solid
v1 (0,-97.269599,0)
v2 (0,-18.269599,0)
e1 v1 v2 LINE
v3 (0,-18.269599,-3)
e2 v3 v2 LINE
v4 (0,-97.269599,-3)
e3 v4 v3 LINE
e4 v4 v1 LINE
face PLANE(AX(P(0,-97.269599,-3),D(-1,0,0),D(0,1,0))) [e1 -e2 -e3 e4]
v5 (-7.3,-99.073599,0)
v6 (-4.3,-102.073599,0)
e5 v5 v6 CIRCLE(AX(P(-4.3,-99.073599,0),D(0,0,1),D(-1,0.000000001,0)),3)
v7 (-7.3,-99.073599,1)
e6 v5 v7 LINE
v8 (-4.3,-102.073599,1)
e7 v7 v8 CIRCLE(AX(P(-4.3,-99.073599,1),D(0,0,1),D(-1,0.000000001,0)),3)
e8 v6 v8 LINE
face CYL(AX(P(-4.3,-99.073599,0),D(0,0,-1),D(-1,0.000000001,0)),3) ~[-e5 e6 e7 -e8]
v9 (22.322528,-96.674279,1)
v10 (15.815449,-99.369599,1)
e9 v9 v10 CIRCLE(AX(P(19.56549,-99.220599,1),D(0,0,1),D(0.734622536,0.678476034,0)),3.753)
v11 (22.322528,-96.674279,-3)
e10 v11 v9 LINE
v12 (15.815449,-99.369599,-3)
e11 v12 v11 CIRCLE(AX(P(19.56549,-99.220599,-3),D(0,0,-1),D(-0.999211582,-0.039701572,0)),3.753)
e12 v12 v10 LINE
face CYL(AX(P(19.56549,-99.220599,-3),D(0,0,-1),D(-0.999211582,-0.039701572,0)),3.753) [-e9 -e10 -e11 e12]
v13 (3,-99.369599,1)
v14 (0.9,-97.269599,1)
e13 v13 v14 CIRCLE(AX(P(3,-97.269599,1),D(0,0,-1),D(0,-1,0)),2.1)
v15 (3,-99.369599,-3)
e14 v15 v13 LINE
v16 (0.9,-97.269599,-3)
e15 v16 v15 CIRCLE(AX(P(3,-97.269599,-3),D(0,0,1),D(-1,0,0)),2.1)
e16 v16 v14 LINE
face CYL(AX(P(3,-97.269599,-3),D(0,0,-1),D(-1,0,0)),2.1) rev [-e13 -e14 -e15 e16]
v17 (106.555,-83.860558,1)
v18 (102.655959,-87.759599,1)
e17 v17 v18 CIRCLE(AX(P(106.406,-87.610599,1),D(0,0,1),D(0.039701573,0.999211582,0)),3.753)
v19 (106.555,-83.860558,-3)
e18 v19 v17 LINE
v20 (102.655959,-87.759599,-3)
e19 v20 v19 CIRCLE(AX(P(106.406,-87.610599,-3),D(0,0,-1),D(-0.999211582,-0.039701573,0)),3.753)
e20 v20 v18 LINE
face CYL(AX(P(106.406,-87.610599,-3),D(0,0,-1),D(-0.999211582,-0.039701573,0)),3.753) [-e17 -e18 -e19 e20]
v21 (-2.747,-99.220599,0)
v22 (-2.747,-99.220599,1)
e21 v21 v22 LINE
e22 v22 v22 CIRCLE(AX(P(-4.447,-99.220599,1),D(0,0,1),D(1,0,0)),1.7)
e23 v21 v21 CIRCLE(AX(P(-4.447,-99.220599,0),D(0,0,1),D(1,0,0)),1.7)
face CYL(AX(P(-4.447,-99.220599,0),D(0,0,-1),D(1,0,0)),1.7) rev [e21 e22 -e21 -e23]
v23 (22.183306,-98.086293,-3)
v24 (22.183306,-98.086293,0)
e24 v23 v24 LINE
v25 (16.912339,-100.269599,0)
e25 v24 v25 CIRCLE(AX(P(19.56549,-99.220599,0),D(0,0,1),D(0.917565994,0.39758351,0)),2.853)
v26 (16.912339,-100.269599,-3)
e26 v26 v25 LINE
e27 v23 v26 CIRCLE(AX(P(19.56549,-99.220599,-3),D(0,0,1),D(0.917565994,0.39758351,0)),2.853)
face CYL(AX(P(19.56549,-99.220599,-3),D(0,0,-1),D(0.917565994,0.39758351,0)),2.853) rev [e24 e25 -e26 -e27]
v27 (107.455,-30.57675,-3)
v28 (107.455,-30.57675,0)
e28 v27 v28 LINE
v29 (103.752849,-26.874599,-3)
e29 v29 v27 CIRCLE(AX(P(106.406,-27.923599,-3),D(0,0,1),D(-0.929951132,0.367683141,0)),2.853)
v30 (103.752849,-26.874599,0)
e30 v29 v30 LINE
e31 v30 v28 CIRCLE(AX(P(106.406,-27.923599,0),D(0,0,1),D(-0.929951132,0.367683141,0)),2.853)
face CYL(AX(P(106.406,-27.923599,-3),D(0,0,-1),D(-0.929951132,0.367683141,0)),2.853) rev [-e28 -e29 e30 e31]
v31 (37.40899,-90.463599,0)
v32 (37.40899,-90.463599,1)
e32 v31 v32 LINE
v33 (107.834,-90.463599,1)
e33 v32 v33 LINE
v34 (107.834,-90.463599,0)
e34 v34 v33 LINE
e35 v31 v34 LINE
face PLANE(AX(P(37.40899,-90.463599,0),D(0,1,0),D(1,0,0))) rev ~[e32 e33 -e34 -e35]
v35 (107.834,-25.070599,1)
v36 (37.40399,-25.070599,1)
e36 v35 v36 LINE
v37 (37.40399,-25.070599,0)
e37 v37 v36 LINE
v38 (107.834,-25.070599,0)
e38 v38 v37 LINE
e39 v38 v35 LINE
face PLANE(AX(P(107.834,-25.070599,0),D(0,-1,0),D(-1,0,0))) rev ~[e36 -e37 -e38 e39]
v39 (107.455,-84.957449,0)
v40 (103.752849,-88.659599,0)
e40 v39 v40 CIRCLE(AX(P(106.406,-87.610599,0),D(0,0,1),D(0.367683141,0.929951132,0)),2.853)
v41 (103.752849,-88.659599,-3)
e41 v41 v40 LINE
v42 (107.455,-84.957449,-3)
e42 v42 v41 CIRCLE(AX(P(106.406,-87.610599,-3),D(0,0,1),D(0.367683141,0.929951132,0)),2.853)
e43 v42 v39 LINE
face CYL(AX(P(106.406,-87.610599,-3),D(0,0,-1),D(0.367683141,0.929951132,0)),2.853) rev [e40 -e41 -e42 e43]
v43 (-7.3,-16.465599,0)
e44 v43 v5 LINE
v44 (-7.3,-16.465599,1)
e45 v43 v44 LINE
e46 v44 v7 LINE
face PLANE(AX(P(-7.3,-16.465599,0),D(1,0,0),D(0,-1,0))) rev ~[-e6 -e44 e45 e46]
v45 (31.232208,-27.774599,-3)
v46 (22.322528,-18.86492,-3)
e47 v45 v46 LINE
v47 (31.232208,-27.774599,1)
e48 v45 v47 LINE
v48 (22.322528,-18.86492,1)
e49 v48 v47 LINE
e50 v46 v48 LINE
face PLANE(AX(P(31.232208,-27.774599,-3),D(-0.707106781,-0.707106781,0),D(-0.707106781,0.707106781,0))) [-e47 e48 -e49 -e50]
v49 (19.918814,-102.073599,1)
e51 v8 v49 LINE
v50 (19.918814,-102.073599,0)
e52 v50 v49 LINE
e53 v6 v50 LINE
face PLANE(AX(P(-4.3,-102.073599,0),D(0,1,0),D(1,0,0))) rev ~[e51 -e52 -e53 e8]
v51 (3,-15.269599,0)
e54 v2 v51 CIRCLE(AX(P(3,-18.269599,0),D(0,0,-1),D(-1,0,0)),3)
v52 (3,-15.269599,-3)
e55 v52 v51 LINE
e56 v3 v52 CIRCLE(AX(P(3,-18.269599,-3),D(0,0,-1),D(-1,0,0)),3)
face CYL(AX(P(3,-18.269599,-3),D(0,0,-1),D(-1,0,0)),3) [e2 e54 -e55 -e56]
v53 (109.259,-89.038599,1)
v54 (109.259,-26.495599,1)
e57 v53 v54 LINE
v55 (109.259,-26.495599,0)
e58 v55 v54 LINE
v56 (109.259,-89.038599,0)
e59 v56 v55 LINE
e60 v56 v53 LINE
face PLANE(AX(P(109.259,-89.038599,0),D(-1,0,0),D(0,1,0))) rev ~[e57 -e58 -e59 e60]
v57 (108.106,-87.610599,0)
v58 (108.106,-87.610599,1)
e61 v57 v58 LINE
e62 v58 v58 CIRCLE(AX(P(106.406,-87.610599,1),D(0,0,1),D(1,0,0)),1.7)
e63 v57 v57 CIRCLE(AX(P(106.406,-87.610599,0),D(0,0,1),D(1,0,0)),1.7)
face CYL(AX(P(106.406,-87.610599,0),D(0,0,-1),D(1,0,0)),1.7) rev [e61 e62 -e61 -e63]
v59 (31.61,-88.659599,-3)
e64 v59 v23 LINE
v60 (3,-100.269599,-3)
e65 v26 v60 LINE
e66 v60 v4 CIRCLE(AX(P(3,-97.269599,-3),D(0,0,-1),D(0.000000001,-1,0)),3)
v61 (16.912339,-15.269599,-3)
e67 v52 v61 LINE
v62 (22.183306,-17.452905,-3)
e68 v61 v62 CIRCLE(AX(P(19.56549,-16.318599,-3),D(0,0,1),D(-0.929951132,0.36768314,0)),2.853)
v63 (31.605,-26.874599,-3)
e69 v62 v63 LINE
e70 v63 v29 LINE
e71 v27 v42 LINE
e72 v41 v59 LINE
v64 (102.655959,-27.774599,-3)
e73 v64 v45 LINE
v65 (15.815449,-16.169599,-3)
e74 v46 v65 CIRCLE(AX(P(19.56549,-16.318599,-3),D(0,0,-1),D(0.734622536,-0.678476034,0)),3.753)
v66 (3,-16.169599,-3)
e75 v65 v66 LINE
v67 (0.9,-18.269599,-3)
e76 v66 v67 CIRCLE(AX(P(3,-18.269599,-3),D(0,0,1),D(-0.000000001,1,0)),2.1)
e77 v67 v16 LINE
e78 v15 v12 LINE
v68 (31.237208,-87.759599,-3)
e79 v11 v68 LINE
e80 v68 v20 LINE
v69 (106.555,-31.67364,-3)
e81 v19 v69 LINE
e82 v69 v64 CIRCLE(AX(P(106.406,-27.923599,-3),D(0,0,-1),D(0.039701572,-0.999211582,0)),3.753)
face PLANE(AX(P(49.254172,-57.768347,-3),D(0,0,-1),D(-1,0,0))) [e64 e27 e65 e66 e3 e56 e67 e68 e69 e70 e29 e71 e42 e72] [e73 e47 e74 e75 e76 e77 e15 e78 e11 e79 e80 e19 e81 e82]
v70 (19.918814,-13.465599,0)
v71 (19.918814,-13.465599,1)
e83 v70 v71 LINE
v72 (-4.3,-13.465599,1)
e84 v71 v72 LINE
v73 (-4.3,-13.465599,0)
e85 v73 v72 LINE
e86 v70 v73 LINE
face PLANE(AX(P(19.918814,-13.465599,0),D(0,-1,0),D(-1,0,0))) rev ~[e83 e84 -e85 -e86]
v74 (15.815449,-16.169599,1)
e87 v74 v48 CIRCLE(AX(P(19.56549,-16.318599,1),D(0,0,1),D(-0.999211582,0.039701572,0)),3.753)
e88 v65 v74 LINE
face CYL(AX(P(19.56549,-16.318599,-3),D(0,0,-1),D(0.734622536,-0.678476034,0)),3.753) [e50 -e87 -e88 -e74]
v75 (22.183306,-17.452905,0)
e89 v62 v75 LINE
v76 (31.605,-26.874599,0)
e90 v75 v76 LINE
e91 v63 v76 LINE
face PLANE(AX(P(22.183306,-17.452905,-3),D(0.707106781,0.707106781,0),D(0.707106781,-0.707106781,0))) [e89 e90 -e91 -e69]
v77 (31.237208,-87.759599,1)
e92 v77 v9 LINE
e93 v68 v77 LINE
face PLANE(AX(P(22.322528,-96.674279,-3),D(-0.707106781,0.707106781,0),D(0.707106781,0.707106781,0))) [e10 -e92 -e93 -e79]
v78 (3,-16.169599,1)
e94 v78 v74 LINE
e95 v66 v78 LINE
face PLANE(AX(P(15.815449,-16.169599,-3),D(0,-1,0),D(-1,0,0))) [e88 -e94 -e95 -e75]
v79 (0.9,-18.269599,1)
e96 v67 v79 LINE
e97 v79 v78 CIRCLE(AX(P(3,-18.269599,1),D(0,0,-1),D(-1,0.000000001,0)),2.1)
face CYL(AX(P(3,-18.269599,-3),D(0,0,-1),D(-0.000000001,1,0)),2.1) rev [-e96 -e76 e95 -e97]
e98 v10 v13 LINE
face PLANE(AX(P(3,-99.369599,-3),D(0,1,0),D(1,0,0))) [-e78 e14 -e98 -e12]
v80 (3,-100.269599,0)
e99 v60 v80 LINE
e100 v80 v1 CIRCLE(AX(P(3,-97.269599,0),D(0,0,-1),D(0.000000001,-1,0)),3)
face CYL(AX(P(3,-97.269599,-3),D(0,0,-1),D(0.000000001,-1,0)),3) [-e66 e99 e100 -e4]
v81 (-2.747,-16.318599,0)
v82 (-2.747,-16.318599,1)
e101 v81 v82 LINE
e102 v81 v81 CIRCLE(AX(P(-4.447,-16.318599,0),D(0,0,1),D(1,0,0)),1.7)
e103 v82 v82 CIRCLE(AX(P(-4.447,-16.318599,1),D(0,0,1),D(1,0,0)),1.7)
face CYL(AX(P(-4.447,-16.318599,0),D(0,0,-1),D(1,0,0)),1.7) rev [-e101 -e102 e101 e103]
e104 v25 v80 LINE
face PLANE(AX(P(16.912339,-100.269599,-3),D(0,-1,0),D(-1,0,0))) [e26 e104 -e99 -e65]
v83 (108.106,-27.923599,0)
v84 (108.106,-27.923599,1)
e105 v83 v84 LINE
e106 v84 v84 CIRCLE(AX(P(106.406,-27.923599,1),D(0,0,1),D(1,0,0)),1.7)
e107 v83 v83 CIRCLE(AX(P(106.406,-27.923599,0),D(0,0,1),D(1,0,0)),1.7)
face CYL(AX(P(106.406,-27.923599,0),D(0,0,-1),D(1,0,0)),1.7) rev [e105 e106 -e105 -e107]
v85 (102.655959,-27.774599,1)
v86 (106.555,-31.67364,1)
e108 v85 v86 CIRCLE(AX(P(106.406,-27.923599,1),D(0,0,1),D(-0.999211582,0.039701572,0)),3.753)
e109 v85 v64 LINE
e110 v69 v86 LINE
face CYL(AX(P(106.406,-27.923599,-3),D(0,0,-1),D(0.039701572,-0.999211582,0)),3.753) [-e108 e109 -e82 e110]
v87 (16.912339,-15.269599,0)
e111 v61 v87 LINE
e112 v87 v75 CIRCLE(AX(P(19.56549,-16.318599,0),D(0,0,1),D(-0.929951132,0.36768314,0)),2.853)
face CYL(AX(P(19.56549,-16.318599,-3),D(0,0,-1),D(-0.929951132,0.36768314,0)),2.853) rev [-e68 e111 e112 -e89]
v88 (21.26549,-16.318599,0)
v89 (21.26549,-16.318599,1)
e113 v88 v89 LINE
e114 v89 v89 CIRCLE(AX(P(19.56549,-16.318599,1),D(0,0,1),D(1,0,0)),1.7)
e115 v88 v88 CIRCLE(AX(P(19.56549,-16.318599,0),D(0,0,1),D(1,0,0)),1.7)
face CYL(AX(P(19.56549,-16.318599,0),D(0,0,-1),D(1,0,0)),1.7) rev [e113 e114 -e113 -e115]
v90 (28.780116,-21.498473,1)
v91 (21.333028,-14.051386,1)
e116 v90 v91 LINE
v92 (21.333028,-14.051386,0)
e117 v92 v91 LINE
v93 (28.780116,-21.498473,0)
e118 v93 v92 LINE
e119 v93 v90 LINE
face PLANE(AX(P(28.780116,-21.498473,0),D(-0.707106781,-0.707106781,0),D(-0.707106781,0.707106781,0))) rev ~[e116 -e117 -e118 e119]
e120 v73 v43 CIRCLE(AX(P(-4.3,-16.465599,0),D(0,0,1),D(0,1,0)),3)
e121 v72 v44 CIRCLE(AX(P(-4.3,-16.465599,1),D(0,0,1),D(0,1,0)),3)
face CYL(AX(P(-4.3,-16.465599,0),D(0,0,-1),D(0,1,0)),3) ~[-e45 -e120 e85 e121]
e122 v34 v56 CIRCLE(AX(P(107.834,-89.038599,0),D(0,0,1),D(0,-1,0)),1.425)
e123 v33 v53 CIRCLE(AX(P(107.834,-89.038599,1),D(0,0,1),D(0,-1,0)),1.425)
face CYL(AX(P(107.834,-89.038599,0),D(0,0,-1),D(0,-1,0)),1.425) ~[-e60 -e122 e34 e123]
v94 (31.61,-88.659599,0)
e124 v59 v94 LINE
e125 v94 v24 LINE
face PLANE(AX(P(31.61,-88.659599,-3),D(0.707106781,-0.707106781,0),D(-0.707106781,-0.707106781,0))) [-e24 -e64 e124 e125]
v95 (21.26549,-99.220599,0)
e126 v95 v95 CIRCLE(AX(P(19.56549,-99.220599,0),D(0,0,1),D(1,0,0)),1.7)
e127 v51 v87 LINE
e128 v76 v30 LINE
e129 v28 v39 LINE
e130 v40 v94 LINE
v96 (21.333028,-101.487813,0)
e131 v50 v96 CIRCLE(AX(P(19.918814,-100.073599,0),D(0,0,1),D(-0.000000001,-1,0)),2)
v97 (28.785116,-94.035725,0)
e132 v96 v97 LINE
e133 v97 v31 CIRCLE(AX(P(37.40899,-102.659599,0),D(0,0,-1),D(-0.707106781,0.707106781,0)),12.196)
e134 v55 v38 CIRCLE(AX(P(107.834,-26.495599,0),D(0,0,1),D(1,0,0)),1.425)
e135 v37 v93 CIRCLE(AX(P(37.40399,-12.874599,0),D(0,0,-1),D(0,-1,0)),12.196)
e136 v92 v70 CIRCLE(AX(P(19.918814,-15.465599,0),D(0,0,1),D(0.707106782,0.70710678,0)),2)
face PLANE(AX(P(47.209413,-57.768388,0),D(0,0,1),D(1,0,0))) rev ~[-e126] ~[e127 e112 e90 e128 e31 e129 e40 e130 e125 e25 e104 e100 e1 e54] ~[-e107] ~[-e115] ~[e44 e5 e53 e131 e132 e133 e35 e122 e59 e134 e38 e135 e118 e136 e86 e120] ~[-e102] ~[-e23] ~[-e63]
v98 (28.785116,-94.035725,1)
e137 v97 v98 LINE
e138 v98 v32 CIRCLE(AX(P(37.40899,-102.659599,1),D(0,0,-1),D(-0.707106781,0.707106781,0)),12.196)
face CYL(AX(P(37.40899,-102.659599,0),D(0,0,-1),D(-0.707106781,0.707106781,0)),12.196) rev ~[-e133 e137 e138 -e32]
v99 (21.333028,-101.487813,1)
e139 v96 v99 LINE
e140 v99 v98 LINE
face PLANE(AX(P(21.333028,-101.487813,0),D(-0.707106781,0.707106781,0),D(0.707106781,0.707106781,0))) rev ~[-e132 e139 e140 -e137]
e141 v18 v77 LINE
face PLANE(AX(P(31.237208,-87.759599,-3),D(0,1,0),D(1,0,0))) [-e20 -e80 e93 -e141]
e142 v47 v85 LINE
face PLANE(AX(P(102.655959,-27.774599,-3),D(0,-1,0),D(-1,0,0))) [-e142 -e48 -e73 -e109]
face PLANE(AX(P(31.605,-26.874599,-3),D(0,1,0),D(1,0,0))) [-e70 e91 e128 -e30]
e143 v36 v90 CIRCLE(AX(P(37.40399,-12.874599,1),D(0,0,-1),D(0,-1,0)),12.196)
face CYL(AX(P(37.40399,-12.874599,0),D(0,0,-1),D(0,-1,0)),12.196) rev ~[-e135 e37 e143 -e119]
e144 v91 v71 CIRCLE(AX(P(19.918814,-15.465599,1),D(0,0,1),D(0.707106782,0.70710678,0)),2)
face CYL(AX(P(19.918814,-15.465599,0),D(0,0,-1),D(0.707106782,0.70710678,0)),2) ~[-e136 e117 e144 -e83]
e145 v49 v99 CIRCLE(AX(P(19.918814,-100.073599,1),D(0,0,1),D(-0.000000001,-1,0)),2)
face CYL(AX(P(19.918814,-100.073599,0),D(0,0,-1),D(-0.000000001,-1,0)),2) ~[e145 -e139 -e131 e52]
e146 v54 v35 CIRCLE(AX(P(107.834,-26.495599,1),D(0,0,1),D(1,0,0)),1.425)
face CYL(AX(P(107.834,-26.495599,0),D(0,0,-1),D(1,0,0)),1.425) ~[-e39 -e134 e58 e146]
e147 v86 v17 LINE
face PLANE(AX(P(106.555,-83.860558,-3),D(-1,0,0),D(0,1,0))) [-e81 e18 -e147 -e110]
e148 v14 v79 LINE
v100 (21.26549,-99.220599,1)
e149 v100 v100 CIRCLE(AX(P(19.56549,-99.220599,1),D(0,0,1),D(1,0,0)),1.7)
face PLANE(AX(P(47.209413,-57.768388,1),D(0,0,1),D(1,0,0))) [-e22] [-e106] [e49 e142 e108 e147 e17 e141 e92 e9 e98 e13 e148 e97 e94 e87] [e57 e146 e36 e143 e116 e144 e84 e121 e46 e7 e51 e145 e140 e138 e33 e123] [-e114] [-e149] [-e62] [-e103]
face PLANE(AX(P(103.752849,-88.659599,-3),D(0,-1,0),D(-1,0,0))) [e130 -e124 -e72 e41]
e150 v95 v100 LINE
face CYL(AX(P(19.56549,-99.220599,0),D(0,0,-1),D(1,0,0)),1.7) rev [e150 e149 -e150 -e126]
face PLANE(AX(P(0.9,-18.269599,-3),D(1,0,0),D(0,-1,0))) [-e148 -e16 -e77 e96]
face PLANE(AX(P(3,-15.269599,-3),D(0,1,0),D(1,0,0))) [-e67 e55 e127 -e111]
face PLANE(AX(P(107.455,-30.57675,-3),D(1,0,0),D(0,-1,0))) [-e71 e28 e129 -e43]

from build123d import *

# Parameters (mm, degrees)
SKETCH2_R           = 1.7
BOSS_EXTRUDE1_DEPTH = 1
BOSS_EXTRUDE2_START = -3
BOSS_EXTRUDE2_DEPTH = 3


with BuildPart() as part:
    # Sketch2 → Boss-Extrude1 (new body)
    with BuildSketch(Plane.XY):
        with BuildLine():
            Line((28.78011557, -21.498473491), (21.333027704, -14.051385626))
            ThreePointArc((21.333027704, -14.051385626), (20.684181007, -13.617840123), (19.918814142, -13.465599188))
            Line((19.918814142, -13.465599188), (-4.3, -13.465599188))
            ThreePointArc((-4.3, -13.465599188), (-6.421320344, -14.344278845), (-7.3, -16.465599188))
            Line((-7.3, -16.465599188), (-7.3, -99.073599188))
            ThreePointArc((-7.3, -99.073599188), (-6.421320344, -101.194919532), (-4.3, -102.073599188))
            Line((-4.3, -102.073599188), (19.918814142, -102.073599188))
            ThreePointArc((19.918814142, -102.073599188), (20.684181007, -101.921358253), (21.333027704, -101.48781275))
            Line((21.333027704, -101.48781275), (28.78511557, -94.035724885))
            ThreePointArc((28.78511557, -94.035724885), (32.741782732, -91.39196441), (37.408989873, -90.463599188))
            Line((37.408989873, -90.463599188), (107.834, -90.463599188))
            ThreePointArc((107.834, -90.463599188), (108.841627163, -90.046226351), (109.259, -89.038599188))
            Line((109.259, -89.038599188), (109.259, -26.495599188))
            ThreePointArc((109.259, -26.495599188), (108.841627163, -25.487972025), (107.834, -25.070599188))
            Line((107.834, -25.070599188), (37.403989873, -25.070599188))
            ThreePointArc((37.403989873, -25.070599188), (32.736782732, -24.142233967), (28.78011557, -21.498473491))
        make_face()
        with Locations((106.406, -27.923599188)):
            Circle(SKETCH2_R, mode=Mode.SUBTRACT)
        with Locations((19.565489973, -16.318599188)):
            Circle(SKETCH2_R, mode=Mode.SUBTRACT)
        with Locations((-4.447, -16.318599188)):
            Circle(SKETCH2_R, mode=Mode.SUBTRACT)
        with Locations((-4.447, -99.220599188)):
            Circle(SKETCH2_R, mode=Mode.SUBTRACT)
        with Locations((19.565489973, -99.220599188)):
            Circle(SKETCH2_R, mode=Mode.SUBTRACT)
        with Locations((106.406, -87.610599188)):
            Circle(SKETCH2_R, mode=Mode.SUBTRACT)
        with BuildLine():
            Line((15.815448907, -99.369599188), (3, -99.369599188))
            ThreePointArc((3, -99.369599188), (1.51507576, -98.754523429), (0.9, -97.269599188))
            Line((0.9, -97.269599188), (0.9, -18.269599188))
            ThreePointArc((0.9, -18.269599188), (1.51507576, -16.784674948), (3, -16.169599188))
            Line((3, -16.169599188), (15.815448907, -16.169599188))
            ThreePointArc((15.815448907, -16.169599188), (18.129279051, -19.785919074), (22.322528351, -18.864919746))
            Line((22.322528351, -18.864919746), (31.232207794, -27.774599188))
            Line((31.232207794, -27.774599188), (102.655958934, -27.774599188))
            ThreePointArc((102.655958934, -27.774599188), (103.75222825, -30.577370938), (106.555, -31.673640255))
            Line((106.555, -31.673640255), (106.555, -83.860558122))
            ThreePointArc((106.555, -83.860558122), (103.75222825, -84.956827438), (102.655958934, -87.759599188))
            Line((102.655958934, -87.759599188), (31.237207794, -87.759599188))
            Line((31.237207794, -87.759599188), (22.322528351, -96.674278631))
            ThreePointArc((22.322528351, -96.674278631), (18.129279051, -95.753279303), (15.815448907, -99.369599188))
        make_face(mode=Mode.SUBTRACT)
    extrude(amount=BOSS_EXTRUDE1_DEPTH)

    # Sketch3 → Boss-Extrude2 (add)
    with BuildSketch(Plane.XY.offset(BOSS_EXTRUDE2_START)):
        with BuildLine():
            Line((31.605, -26.874599188), (103.75284942, -26.874599188))
            ThreePointArc((103.75284942, -26.874599188), (104.388624353, -29.940974835), (107.455, -30.576749768))
            Line((107.455, -30.576749768), (107.455, -84.957448608))
            ThreePointArc((107.455, -84.957448608), (104.388624353, -85.593223541), (103.75284942, -88.659599188))
            Line((103.75284942, -88.659599188), (31.61, -88.659599188))
            Line((31.61, -88.659599188), (22.183305753, -98.086293435))
            ThreePointArc((22.183305753, -98.086293435), (18.473694141, -96.584770882), (16.912339393, -100.269599188))
            Line((16.912339393, -100.269599188), (3, -100.269599188))
            ThreePointArc((3, -100.269599188), (0.878679656, -99.390919532), (0, -97.269599188))
            Line((0, -97.269599188), (0, -18.269599188))
            ThreePointArc((0, -18.269599188), (0.878679656, -16.148278845), (3, -15.269599188))
            Line((3, -15.269599188), (16.912339393, -15.269599188))
            ThreePointArc((16.912339393, -15.269599188), (18.473694141, -18.954427494), (22.183305753, -17.452904941))
            Line((22.183305753, -17.452904941), (31.605, -26.874599188))
        make_face()
        with BuildLine():
            Line((102.655958934, -27.774599188), (31.232207794, -27.774599188))
            Line((31.232207794, -27.774599188), (22.322528351, -18.864919746))
            ThreePointArc((22.322528351, -18.864919746), (18.129279051, -19.785919074), (15.815448907, -16.169599188))
            Line((15.815448907, -16.169599188), (3, -16.169599188))
            ThreePointArc((3, -16.169599188), (1.51507576, -16.784674948), (0.9, -18.269599188))
            Line((0.9, -18.269599188), (0.9, -97.269599188))
            ThreePointArc((0.9, -97.269599188), (1.51507576, -98.754523429), (3, -99.369599188))
            Line((3, -99.369599188), (15.815448907, -99.369599188))
            ThreePointArc((15.815448907, -99.369599188), (18.129279051, -95.753279303), (22.322528351, -96.674278631))
            Line((22.322528351, -96.674278631), (31.237207794, -87.759599188))
            Line((31.237207794, -87.759599188), (102.655958934, -87.759599188))
            ThreePointArc((102.655958934, -87.759599188), (103.75222825, -84.956827438), (106.555, -83.860558122))
            Line((106.555, -83.860558122), (106.555, -31.673640255))
            ThreePointArc((106.555, -31.673640255), (103.75222825, -30.577370938), (102.655958934, -27.774599188))
        make_face(mode=Mode.SUBTRACT)
    extrude(amount=BOSS_EXTRUDE2_DEPTH)


solid = part.part
